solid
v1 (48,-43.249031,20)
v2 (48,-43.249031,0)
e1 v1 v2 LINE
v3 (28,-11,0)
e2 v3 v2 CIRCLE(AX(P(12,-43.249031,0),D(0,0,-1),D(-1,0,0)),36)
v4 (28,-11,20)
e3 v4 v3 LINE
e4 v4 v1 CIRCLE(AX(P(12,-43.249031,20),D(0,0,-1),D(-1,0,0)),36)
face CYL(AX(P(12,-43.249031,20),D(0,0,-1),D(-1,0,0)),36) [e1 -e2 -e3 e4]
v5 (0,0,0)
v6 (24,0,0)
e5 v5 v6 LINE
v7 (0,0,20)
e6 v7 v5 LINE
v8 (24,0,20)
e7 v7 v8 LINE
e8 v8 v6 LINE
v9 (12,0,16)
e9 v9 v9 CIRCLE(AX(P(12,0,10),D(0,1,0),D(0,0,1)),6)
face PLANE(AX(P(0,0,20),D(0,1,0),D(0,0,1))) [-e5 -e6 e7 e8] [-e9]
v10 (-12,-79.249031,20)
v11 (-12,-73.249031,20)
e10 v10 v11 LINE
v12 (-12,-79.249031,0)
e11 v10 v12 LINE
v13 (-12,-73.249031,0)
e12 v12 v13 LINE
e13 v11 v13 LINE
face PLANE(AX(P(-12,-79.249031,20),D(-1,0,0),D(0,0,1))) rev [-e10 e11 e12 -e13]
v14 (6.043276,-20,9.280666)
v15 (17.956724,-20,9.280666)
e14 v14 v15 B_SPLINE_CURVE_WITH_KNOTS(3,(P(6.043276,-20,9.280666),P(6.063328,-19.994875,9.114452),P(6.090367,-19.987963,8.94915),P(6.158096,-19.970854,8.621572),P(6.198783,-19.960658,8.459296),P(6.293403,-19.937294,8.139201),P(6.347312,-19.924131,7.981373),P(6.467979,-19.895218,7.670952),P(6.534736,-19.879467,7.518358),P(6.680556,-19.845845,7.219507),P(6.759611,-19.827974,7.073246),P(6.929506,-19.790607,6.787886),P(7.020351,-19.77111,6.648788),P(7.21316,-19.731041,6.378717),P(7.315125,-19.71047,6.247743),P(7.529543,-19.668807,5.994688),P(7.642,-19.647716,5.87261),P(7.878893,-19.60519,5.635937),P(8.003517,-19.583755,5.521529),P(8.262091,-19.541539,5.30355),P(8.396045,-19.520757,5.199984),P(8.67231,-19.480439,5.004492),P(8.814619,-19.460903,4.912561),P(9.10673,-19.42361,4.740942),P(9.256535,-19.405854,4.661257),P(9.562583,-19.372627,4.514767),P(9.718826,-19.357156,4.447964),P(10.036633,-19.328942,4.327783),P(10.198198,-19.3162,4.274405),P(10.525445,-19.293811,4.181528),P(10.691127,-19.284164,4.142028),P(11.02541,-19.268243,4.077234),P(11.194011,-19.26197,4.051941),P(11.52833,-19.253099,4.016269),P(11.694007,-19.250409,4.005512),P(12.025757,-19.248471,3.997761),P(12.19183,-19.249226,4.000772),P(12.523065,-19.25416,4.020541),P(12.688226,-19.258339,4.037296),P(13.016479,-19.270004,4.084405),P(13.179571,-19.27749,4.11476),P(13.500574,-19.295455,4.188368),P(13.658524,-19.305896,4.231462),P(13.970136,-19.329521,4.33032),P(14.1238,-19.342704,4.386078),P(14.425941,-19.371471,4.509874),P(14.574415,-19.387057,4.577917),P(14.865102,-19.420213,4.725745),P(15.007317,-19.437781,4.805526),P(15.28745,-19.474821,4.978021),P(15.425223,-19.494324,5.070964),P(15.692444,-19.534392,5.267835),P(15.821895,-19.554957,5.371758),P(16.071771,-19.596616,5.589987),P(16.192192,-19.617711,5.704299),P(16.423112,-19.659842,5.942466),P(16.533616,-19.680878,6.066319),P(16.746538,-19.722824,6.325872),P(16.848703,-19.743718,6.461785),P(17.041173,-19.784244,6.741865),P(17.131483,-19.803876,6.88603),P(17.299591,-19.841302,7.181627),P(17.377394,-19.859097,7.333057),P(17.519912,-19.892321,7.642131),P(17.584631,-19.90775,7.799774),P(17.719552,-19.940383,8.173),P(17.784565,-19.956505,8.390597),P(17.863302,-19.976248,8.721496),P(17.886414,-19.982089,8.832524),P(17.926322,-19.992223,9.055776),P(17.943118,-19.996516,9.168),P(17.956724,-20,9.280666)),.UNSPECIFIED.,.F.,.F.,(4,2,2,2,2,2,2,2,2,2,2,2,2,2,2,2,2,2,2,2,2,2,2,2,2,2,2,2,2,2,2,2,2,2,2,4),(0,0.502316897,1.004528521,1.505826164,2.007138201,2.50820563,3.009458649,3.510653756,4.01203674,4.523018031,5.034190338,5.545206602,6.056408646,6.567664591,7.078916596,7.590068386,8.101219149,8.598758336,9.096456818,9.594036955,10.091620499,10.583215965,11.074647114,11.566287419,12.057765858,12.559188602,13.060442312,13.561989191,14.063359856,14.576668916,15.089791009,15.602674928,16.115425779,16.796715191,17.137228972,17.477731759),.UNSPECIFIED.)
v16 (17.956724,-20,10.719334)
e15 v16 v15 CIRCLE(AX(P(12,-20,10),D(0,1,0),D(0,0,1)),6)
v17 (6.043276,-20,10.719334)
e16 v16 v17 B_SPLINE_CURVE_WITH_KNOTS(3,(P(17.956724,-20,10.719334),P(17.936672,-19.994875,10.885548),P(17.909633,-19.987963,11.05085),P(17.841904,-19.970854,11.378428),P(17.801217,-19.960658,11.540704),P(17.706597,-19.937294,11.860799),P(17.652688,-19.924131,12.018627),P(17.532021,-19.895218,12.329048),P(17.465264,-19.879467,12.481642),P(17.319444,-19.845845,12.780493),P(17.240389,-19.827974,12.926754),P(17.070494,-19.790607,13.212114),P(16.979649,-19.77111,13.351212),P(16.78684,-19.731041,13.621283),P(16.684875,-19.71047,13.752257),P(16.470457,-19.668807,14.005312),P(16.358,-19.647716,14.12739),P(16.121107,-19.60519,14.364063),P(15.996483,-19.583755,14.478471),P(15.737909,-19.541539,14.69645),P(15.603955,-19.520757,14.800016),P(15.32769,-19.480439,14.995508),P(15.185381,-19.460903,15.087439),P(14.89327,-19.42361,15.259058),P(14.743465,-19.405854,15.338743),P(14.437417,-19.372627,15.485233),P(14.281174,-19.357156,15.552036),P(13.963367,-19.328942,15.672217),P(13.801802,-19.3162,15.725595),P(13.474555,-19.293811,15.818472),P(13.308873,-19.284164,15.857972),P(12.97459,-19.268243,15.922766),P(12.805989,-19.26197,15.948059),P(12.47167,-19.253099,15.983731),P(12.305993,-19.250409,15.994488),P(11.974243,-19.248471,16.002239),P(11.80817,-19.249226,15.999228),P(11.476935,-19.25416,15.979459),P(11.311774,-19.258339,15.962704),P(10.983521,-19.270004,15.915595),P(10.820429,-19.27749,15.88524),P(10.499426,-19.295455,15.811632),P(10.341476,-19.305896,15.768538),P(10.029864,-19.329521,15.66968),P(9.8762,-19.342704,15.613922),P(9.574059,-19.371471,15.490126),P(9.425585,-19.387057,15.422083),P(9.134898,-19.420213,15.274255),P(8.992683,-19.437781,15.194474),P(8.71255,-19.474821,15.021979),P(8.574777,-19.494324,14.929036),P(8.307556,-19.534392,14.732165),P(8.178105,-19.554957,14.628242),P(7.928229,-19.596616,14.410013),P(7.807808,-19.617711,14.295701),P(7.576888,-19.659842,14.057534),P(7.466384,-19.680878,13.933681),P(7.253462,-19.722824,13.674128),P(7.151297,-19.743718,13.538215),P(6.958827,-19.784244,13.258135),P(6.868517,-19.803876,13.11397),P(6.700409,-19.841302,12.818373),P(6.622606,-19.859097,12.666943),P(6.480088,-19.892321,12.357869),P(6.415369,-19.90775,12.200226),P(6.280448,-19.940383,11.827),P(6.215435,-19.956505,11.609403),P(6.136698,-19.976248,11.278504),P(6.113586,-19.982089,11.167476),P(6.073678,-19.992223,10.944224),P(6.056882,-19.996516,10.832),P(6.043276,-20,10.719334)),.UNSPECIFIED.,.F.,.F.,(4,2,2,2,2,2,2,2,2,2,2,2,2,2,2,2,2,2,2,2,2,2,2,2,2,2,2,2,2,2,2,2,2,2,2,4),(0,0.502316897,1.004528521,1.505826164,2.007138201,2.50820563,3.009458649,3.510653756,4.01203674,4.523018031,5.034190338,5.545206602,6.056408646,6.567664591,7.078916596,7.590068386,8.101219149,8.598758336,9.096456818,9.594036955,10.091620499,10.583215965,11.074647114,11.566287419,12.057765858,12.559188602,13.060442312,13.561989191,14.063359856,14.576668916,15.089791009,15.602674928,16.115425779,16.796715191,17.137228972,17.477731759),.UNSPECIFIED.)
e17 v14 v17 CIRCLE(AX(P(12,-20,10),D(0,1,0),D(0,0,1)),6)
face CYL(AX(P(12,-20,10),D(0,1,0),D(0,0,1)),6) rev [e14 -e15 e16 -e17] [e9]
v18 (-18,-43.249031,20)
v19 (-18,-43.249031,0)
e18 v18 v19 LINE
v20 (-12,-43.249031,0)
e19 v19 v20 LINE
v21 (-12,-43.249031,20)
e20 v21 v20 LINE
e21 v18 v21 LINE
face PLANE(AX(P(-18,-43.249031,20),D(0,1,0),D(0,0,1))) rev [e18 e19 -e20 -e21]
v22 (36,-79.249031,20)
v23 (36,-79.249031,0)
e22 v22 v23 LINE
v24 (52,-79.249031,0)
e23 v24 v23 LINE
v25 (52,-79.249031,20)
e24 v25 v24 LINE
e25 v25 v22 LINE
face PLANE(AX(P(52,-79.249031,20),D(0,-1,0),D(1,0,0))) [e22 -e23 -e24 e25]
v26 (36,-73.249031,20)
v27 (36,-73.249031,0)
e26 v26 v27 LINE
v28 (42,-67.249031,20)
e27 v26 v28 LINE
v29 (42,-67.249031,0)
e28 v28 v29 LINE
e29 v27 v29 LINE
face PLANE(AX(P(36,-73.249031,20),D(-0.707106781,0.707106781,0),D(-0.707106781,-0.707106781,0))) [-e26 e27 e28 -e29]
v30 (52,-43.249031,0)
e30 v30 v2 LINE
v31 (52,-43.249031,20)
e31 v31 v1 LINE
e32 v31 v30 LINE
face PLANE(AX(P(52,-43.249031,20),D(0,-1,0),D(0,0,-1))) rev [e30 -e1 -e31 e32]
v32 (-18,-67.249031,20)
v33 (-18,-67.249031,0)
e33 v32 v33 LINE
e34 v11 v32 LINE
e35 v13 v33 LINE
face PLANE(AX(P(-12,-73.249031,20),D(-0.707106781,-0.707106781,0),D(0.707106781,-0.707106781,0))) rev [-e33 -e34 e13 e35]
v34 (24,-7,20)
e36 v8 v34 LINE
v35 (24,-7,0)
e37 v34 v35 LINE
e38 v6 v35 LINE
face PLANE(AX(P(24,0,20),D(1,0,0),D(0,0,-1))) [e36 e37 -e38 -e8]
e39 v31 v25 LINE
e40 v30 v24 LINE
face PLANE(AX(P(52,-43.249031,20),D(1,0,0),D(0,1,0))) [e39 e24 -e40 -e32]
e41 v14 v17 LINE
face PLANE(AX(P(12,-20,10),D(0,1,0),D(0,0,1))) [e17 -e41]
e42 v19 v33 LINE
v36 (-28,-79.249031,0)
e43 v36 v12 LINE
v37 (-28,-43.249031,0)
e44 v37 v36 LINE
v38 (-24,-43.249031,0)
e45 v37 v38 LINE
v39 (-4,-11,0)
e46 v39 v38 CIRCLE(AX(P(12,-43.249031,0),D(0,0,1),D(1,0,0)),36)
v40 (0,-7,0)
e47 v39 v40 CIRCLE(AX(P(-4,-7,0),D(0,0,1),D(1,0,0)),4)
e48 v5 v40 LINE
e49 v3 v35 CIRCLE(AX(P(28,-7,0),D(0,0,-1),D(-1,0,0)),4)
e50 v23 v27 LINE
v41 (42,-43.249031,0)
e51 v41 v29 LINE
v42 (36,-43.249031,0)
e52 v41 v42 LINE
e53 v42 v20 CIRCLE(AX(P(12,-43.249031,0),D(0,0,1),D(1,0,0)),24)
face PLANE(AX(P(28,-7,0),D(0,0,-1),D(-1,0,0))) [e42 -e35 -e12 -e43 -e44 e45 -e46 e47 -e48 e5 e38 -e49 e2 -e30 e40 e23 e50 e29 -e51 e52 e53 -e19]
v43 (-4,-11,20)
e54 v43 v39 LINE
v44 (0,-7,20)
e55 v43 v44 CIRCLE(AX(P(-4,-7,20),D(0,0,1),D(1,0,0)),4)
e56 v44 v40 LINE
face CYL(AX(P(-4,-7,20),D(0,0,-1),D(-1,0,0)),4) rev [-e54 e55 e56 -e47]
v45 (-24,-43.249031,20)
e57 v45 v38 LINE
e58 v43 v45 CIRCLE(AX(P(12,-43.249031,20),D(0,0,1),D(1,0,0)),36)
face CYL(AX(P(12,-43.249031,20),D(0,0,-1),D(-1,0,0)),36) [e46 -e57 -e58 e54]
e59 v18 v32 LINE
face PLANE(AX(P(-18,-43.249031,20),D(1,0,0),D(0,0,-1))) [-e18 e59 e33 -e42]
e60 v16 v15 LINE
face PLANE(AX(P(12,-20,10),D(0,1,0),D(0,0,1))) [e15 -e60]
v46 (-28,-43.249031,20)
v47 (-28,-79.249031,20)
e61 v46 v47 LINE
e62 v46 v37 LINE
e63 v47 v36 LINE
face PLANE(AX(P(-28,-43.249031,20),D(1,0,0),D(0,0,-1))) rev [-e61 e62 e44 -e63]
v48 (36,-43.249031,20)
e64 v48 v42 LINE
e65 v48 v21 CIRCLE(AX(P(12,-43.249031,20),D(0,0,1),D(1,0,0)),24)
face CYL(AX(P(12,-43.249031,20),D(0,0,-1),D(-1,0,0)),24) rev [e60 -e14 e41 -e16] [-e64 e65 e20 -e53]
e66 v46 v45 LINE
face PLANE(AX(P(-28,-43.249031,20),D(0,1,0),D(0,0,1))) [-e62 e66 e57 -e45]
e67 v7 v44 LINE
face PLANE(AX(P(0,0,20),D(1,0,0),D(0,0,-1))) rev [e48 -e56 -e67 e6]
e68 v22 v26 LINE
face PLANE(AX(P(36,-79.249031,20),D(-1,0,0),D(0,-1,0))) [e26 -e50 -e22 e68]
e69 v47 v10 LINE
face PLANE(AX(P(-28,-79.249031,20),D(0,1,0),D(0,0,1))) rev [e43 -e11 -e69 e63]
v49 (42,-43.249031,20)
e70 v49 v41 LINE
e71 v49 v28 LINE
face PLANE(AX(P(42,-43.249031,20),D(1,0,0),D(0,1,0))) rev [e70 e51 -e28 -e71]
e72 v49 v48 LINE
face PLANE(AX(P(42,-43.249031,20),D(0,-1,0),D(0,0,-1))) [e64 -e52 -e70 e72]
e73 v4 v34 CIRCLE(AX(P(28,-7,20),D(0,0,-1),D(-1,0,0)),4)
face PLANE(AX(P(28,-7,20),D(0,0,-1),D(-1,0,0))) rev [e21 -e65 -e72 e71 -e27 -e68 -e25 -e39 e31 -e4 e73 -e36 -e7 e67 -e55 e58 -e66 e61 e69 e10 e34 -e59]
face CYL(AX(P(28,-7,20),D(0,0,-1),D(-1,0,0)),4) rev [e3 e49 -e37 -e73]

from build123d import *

# Parameters (mm, degrees)
BOSS_EXTRUDE1_DEPTH = 20
SKETCH2_R           = 6
CUT_EXTRUDE1_DEPTH  = 20


with BuildPart() as part:
    # Sketch1 → Boss-Extrude1 (new body)
    with BuildSketch(Plane.XY):
        with BuildLine():
            Line((0, 0), (0, -7))
            ThreePointArc((0, -7), (-1.171572875, -9.828427125), (-4, -11))
            ThreePointArc((-4, -11), (-18.594117082, -24.275365032), (-24, -43.249030993))
            Line((-24, -43.249030993), (-28, -43.249030993))
            Line((-28, -43.249030993), (-28, -79.249030993))
            Line((-28, -79.249030993), (-12, -79.249030993))
            Line((-12, -79.249030993), (-12, -73.249030993))
            Line((-12, -73.249030993), (-18, -67.249030993))
            Line((-18, -67.249030993), (-18, -43.249030993))
            Line((-18, -43.249030993), (-12, -43.249030993))
            ThreePointArc((-12, -43.249030993), (12, -19.249030993), (36, -43.249030993))
            Line((36, -43.249030993), (42, -43.249030993))
            Line((42, -43.249030993), (42, -67.249030993))
            Line((42, -67.249030993), (36, -73.249030993))
            Line((36, -73.249030993), (36, -79.249030993))
            Line((36, -79.249030993), (52, -79.249030993))
            Line((52, -79.249030993), (52, -43.249030993))
            Line((52, -43.249030993), (48, -43.249030993))
            ThreePointArc((48, -43.249030993), (42.594117082, -24.275365032), (28, -11))
            ThreePointArc((28, -11), (25.171572875, -9.828427125), (24, -7))
            Line((24, -7), (24, 0))
            Line((24, 0), (0, 0))
        make_face()
    extrude(amount=BOSS_EXTRUDE1_DEPTH)

    # Sketch2 → Cut-Extrude1 (cut)
    with BuildSketch(Plane(origin=(0, 0, 0), x_dir=(1, 0, 0), z_dir=(0, 1, 0))):
        with Locations((12, -10)):
            Circle(SKETCH2_R)
    extrude(amount=-CUT_EXTRUDE1_DEPTH, mode=Mode.SUBTRACT)


solid = part.part
